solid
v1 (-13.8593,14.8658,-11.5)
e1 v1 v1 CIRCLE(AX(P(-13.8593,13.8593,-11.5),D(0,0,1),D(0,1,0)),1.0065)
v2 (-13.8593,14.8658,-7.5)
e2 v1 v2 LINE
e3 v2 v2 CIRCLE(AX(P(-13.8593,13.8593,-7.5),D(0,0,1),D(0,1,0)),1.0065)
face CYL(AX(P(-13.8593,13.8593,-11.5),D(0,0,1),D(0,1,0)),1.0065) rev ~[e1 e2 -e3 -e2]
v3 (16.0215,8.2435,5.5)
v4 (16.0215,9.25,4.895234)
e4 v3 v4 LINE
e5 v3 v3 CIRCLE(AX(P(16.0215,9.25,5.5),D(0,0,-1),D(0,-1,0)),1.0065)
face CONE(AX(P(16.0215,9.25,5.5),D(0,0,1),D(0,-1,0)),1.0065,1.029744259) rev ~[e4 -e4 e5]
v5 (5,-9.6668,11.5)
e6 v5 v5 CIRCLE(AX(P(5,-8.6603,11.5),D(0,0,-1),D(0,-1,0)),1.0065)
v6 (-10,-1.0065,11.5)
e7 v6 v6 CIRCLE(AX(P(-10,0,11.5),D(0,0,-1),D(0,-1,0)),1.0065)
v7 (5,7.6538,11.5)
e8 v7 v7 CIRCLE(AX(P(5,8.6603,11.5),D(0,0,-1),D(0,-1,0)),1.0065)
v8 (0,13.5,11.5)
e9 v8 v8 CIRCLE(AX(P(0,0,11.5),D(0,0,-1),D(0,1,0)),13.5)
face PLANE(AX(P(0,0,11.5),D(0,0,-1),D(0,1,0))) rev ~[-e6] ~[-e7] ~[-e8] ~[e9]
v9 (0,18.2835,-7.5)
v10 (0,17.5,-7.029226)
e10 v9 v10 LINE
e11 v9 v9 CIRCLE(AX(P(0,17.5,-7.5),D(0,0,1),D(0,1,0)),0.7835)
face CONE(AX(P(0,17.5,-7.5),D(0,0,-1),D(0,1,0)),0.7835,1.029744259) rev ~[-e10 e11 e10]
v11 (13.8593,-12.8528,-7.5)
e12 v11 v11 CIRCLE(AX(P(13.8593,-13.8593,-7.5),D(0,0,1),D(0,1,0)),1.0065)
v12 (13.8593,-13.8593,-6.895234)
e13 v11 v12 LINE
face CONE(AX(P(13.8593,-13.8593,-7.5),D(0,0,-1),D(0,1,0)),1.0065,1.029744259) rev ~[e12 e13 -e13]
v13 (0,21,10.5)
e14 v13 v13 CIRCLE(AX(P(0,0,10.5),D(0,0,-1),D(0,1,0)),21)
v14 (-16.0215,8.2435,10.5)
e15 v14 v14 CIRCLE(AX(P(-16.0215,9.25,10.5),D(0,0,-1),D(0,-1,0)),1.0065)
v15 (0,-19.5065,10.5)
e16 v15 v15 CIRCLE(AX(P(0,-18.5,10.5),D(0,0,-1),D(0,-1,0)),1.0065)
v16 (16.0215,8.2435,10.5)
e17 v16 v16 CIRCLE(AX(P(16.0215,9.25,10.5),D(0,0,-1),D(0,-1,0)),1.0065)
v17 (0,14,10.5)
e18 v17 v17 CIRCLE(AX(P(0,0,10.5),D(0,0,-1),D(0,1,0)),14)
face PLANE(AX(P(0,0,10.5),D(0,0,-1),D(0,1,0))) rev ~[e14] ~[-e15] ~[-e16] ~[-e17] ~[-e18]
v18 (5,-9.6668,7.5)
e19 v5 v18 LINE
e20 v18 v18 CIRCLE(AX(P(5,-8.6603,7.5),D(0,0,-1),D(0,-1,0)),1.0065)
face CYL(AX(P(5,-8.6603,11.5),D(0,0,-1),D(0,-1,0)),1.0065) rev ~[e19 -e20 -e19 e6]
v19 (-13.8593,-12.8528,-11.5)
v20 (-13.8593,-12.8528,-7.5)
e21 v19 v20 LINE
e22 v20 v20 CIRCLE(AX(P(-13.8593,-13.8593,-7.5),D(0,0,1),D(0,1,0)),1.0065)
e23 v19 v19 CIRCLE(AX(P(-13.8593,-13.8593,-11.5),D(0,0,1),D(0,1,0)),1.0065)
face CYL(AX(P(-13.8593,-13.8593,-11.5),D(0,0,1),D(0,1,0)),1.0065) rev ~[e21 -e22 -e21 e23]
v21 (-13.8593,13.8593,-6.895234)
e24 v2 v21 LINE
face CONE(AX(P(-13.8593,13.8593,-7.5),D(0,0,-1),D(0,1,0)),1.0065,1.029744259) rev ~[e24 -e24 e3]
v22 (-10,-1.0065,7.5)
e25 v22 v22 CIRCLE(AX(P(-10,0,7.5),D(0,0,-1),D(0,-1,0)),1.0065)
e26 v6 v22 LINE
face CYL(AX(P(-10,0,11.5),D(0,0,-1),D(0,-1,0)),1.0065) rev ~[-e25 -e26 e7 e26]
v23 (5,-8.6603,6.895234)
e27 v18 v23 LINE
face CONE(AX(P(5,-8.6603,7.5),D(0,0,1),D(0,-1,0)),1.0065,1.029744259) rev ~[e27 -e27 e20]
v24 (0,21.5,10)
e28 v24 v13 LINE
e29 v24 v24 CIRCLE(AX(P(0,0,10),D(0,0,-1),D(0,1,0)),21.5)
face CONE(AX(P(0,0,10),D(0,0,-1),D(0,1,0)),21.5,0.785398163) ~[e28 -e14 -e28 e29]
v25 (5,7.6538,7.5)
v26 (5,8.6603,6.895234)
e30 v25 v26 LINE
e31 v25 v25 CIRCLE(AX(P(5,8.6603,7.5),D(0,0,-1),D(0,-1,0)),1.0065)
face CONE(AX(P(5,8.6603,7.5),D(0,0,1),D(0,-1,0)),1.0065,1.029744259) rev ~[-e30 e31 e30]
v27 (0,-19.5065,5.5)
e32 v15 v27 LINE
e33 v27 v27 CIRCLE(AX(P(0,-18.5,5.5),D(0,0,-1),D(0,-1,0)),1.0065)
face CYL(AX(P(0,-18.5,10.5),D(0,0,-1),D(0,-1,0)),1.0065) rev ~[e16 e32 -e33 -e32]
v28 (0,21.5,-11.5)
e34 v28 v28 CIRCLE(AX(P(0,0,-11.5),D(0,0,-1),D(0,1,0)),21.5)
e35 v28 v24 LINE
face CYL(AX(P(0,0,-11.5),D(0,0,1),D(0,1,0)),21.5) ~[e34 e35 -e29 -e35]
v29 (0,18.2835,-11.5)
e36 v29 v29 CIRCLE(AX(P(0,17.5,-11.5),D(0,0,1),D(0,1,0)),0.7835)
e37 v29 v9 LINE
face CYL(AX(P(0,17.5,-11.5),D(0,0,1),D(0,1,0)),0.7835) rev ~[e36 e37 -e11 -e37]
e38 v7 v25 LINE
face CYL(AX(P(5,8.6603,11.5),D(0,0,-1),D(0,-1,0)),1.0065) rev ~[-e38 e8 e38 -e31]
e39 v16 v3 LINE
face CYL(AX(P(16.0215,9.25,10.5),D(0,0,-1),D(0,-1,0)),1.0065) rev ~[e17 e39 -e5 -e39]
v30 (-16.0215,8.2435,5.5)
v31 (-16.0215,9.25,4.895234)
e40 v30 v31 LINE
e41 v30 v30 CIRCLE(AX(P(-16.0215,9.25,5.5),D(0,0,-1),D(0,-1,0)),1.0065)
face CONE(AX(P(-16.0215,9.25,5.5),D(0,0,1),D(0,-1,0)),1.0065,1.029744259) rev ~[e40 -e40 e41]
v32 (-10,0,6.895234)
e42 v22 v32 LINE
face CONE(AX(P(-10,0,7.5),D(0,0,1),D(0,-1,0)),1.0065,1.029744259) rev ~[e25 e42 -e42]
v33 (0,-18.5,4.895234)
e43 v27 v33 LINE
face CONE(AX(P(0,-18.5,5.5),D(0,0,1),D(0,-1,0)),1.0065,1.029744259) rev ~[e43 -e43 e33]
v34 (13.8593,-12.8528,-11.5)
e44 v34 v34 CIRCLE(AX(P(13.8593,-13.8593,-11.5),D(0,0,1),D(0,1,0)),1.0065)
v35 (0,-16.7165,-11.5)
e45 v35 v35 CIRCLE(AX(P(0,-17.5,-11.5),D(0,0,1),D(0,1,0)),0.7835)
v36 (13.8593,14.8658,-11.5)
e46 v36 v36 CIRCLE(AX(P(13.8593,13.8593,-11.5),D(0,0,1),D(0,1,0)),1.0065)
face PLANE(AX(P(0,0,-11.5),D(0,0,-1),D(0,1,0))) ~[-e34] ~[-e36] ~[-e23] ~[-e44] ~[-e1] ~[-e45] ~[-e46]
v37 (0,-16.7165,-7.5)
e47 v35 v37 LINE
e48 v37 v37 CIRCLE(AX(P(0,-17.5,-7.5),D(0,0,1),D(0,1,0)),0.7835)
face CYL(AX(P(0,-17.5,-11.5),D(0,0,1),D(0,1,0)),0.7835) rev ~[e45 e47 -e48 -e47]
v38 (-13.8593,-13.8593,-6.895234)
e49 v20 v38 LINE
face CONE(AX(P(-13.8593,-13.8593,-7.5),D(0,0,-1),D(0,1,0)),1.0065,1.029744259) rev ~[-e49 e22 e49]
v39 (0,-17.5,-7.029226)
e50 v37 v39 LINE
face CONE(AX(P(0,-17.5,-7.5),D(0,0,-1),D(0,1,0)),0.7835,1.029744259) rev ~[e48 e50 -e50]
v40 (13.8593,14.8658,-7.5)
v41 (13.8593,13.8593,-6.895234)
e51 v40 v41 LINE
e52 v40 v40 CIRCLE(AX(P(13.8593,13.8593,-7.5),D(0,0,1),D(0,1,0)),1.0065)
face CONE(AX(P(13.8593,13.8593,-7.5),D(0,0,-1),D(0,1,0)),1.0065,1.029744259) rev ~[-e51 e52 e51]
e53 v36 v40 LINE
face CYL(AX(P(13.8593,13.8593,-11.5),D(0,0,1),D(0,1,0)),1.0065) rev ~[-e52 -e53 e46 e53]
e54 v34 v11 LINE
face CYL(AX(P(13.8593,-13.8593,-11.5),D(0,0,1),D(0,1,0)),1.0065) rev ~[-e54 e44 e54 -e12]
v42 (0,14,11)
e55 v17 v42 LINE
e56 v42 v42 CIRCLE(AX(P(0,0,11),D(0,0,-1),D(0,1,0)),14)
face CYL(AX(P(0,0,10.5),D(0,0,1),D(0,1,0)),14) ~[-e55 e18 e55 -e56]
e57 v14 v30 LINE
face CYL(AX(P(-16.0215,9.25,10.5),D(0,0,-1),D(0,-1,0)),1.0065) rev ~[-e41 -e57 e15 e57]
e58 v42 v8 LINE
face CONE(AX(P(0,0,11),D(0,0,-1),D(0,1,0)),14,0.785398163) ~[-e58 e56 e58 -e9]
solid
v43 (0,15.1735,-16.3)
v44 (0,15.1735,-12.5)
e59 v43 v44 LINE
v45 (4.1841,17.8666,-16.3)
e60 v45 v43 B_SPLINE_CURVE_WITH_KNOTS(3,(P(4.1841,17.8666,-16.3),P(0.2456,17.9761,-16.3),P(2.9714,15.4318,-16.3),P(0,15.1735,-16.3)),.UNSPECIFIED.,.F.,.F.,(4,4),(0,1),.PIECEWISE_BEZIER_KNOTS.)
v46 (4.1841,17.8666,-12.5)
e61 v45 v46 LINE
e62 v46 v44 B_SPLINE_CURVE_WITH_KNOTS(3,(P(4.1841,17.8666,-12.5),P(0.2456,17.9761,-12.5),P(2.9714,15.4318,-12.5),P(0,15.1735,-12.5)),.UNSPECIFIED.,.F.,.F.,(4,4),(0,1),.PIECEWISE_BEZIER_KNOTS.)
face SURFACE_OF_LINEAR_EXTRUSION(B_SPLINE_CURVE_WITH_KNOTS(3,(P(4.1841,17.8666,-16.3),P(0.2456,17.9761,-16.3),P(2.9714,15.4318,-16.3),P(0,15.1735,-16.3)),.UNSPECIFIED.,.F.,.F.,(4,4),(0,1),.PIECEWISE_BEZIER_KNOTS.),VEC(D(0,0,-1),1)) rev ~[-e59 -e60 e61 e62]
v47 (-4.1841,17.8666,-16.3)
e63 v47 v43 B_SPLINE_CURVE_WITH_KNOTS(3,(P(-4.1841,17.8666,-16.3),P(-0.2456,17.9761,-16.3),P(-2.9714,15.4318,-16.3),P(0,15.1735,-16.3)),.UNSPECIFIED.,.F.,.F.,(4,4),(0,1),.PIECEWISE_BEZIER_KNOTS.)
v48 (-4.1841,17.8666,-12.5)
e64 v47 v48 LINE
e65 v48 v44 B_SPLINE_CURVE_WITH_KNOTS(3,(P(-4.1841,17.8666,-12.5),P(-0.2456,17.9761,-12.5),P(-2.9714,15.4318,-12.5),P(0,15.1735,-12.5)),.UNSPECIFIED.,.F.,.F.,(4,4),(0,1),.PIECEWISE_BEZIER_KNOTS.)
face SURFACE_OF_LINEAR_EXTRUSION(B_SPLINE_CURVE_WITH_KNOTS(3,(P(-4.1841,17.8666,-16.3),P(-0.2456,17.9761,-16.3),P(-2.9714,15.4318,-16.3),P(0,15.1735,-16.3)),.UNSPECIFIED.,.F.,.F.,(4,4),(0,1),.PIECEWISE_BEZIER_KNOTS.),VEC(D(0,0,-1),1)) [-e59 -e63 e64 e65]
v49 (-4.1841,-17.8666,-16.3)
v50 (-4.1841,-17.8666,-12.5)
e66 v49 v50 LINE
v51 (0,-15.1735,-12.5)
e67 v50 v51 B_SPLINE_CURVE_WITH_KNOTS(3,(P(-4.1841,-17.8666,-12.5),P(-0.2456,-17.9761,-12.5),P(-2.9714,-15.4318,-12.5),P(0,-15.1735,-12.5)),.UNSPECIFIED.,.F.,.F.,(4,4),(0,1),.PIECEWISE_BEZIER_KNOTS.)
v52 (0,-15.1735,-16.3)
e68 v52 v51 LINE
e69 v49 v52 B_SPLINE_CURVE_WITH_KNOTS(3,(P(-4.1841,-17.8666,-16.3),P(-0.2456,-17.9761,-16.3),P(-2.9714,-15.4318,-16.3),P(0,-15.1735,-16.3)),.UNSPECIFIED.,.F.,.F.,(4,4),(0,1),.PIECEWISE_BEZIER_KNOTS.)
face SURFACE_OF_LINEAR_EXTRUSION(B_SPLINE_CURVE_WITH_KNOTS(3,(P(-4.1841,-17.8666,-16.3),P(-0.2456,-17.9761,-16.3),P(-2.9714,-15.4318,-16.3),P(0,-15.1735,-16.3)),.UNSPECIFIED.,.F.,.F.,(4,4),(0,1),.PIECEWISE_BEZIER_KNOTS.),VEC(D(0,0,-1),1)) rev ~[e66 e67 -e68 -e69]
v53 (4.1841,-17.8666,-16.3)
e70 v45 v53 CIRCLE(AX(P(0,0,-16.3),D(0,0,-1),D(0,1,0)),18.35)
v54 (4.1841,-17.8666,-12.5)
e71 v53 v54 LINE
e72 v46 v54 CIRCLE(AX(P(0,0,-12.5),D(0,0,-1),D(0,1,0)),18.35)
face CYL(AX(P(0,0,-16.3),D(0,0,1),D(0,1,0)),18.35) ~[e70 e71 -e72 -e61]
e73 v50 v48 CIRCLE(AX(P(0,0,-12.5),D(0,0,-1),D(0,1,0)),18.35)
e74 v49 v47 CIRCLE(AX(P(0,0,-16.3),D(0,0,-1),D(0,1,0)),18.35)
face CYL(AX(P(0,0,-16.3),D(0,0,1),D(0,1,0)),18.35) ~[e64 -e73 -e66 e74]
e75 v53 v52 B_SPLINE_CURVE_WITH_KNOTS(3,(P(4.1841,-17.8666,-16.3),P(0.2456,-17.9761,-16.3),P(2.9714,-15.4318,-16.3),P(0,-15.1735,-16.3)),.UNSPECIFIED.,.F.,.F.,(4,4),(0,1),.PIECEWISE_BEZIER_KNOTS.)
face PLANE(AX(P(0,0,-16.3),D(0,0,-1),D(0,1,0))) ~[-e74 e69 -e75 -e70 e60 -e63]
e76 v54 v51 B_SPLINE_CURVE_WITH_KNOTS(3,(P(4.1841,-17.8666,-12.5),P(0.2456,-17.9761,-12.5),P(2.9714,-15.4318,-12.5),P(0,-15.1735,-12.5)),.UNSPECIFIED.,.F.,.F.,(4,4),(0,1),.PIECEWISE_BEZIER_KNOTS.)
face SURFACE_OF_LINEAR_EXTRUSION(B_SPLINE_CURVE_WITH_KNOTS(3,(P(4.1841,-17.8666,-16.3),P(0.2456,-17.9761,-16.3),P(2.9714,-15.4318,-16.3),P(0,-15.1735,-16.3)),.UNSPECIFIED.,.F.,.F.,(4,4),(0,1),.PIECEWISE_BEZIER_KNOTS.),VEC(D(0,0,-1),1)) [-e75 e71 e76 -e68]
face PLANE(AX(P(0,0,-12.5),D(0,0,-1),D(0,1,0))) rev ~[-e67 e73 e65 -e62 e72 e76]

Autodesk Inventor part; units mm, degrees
ref_plane "YZ Plane" through (0, 0, 0) normal (1, 0, 0) x (0, 1, 0)
ref_plane "XZ Plane" through (0, 0, 0) normal (0, 1, 0) x (-1, 0, 0)
ref_plane "XY Plane" through (0, 0, 0) normal (0, 0, 1) x (1, 0, 0)
sketch "スケッチ1" plane through (0, 0, 0) normal (1, 0, 0) x (0, 1, 0)
  line L0 (0, 11.5) -> (0, -11.5)
  line L1 (0, -11.5) -> (21.5, -11.5)
  line L2 (21.5, -11.5) -> (21.5, 10)
  line L3 (21.5, 10) -> (21, 10.5)
  line L4 (21, 10.5) -> (14, 10.5)
  line L5 (14, 10.5) -> (14, 11)
  line L6 (14, 11) -> (13.5, 11.5)
  line L7 (13.5, 11.5) -> (0, 11.5)
  line L8 (0, 11.5) -> (0, -28.8949)
  line L9 (18.35, -12.5) -> (0, -12.5)
  line L10 (0, -12.5) -> (0, -16.3)
  line L11 (0, -16.3) -> (18.35, -16.3)
  line L12 (18.35, -16.3) -> (18.35, -12.5)
  point P0 (0, 0)
  point P1 (0, -12.5)
  dimension "d0" = 23
  dimension "d1" = 21.5
  dimension "d5" = 0.5
  dimension "d6" = 21
  dimension "d7" = 0.5
  dimension "d8" = 1
  dimension "d36" = 1
  dimension "d37" = 3.8
  dimension "d38" = 18.35
  dimension "d40" = 14
revolve "回転1" add sketch "スケッチ1" angle 360 about axis through (0, 0, 11.5) along (0, 0, -1)
sketch "スケッチ2" plane through (0, 0, 11.5) normal (0, 0, 1) x (1, 0, 0)
  circle A0 centre (0, 0) radius 13.5 projected
  point P0 (0, 0)
  point P1 (-10, 0)
  point P2 (5, -8.6603)
  point P3 (5, 8.6603)
  dimension "d10" = 10
  dimension "d11" = 0
  dimension "d14" = 360
hole "穴1" at (-10, 0, 11.5) at (5, -8.6603, 11.5) at (5, 8.6603, 11.5) direction (0, 0, -1) diameter 2.013 depth 4 tip angle 118 thread size "M2.5x0.45" designation "M2.5" class "6H" standard "GB Metric profile"
sketch "スケッチ3" plane through (0, 0, 10.5) normal (0, 0, 1) x (1, 0, 0)
  circle A0 centre (0, 0) radius 21 projected
  circle A1 centre (0, 0) radius 18.5
  point P0 (0, 0)
  point P1 (0, -18.5)
  point P2 (16.0215, 9.25)
  point P3 (-16.0215, 9.25)
  dimension "d23" = 37
  dimension "d24" = 0
  dimension "d27" = 360
hole "穴2" at (0, -18.5, 10.5) at (16.0215, 9.25, 10.5) at (-16.0215, 9.25, 10.5) direction (0, 0, -1) diameter 2.013 depth 5 tip angle 118 thread size "M2.5x0.45" designation "M2.5" class "6H" standard "GB Metric profile"
sketch "スケッチ4" plane through (0, 0, -11.5) normal (0, 0, -1) x (-1, 0, 0)
  circle A0 centre (0, 0) radius 19.6
  line L0 (0, 0) -> (0, -21.5)
  circle A1 centre (0, 0) radius 21.5 projected
  line L1 (0, 0) -> (-13.8593, -13.8593)
  point P0 (0, -17.5)
  point P1 (0, 17.5)
  point P2 (13.8593, -13.8593)
  point P3 (13.8593, 13.8593)
  point P4 (-13.8593, 13.8593)
  dimension "d45" = 39.2
  dimension "d41" = 35
  dimension "d42" = 0
  dimension "d43" = 0
  dimension "d44" = 17.5
  dimension "d46" = 45
  dimension "d49" = 360
hole "穴3" at (13.8593, -13.8593, -11.5) at (-13.8593, -13.8593, -11.5) at (-13.8593, 13.8593, -11.5) at (13.8593, 13.8593, -11.5) direction (0, 0, 1) diameter 2.013 depth 4 tip angle 118 thread size "M2.5x0.45" designation "M2.5" class "6H" standard "GB Metric profile"
hole "穴4" at (0, -17.5, -11.5) at (0, 17.5, -11.5) direction (0, 0, 1) diameter 1.567 depth 4 tip angle 118 thread size "M2x0.4" designation "M2" class "6H" standard "GB Metric profile"
sketch "スケッチ5" plane through (0, 0, -16.3) normal (0, 0, -1) x (-1, 0, 0)
  circle A0 centre (0, 0) radius 18.35 projected
  spline S0 degree 3 poles (4.1841, -17.8666) (0.2456, -17.9761) (2.9714, -15.4318) (0, -15.1735) knots 0 0 0 0 1 1 1 1
  line L0 (0, -15.1735) -> (0, -18.35)
  spline S1 degree 3 poles (-4.1841, -17.8666) (-0.2456, -17.9761) (-2.9714, -15.4318) (0, -15.1735) knots 0 0 0 0 1 1 1 1
  line L1 (0, 0) -> (-18.35, 0)
  spline S2 degree 3 poles (4.1841, 17.8666) (0.2456, 17.9761) (2.9714, 15.4318) (0, 15.1735) knots 0 0 0 0 1 1 1 1
  spline S3 degree 3 poles (-4.1841, 17.8666) (-0.2456, 17.9761) (-2.9714, 15.4318) (0, 15.1735) knots 0 0 0 0 1 1 1 1
  point P0 (0, 0)
  point P1 (1.867, -17.0431)
  point P2 (1.537, -16.0265)
  point P3 (-1.867, -17.0431)
  point P4 (-1.537, -16.0265)
  point P5 (1.867, 17.0431)
  point P6 (1.537, 16.0265)
  point P7 (-1.867, 17.0431)
  point P8 (-1.537, 16.0265)
  point P9 (-4.1841, 17.8666)
  point P10 (4.1841, 17.8666)
  point P11 (-4.1841, -17.8666)
extrude "押し出し1" cut sketch "スケッチ5" against normal blind 3.8 contours S2 S3 A0 | A0 L0 S0 | A0 S1 L0
properties part number "GIM3505-8_with-driver"
